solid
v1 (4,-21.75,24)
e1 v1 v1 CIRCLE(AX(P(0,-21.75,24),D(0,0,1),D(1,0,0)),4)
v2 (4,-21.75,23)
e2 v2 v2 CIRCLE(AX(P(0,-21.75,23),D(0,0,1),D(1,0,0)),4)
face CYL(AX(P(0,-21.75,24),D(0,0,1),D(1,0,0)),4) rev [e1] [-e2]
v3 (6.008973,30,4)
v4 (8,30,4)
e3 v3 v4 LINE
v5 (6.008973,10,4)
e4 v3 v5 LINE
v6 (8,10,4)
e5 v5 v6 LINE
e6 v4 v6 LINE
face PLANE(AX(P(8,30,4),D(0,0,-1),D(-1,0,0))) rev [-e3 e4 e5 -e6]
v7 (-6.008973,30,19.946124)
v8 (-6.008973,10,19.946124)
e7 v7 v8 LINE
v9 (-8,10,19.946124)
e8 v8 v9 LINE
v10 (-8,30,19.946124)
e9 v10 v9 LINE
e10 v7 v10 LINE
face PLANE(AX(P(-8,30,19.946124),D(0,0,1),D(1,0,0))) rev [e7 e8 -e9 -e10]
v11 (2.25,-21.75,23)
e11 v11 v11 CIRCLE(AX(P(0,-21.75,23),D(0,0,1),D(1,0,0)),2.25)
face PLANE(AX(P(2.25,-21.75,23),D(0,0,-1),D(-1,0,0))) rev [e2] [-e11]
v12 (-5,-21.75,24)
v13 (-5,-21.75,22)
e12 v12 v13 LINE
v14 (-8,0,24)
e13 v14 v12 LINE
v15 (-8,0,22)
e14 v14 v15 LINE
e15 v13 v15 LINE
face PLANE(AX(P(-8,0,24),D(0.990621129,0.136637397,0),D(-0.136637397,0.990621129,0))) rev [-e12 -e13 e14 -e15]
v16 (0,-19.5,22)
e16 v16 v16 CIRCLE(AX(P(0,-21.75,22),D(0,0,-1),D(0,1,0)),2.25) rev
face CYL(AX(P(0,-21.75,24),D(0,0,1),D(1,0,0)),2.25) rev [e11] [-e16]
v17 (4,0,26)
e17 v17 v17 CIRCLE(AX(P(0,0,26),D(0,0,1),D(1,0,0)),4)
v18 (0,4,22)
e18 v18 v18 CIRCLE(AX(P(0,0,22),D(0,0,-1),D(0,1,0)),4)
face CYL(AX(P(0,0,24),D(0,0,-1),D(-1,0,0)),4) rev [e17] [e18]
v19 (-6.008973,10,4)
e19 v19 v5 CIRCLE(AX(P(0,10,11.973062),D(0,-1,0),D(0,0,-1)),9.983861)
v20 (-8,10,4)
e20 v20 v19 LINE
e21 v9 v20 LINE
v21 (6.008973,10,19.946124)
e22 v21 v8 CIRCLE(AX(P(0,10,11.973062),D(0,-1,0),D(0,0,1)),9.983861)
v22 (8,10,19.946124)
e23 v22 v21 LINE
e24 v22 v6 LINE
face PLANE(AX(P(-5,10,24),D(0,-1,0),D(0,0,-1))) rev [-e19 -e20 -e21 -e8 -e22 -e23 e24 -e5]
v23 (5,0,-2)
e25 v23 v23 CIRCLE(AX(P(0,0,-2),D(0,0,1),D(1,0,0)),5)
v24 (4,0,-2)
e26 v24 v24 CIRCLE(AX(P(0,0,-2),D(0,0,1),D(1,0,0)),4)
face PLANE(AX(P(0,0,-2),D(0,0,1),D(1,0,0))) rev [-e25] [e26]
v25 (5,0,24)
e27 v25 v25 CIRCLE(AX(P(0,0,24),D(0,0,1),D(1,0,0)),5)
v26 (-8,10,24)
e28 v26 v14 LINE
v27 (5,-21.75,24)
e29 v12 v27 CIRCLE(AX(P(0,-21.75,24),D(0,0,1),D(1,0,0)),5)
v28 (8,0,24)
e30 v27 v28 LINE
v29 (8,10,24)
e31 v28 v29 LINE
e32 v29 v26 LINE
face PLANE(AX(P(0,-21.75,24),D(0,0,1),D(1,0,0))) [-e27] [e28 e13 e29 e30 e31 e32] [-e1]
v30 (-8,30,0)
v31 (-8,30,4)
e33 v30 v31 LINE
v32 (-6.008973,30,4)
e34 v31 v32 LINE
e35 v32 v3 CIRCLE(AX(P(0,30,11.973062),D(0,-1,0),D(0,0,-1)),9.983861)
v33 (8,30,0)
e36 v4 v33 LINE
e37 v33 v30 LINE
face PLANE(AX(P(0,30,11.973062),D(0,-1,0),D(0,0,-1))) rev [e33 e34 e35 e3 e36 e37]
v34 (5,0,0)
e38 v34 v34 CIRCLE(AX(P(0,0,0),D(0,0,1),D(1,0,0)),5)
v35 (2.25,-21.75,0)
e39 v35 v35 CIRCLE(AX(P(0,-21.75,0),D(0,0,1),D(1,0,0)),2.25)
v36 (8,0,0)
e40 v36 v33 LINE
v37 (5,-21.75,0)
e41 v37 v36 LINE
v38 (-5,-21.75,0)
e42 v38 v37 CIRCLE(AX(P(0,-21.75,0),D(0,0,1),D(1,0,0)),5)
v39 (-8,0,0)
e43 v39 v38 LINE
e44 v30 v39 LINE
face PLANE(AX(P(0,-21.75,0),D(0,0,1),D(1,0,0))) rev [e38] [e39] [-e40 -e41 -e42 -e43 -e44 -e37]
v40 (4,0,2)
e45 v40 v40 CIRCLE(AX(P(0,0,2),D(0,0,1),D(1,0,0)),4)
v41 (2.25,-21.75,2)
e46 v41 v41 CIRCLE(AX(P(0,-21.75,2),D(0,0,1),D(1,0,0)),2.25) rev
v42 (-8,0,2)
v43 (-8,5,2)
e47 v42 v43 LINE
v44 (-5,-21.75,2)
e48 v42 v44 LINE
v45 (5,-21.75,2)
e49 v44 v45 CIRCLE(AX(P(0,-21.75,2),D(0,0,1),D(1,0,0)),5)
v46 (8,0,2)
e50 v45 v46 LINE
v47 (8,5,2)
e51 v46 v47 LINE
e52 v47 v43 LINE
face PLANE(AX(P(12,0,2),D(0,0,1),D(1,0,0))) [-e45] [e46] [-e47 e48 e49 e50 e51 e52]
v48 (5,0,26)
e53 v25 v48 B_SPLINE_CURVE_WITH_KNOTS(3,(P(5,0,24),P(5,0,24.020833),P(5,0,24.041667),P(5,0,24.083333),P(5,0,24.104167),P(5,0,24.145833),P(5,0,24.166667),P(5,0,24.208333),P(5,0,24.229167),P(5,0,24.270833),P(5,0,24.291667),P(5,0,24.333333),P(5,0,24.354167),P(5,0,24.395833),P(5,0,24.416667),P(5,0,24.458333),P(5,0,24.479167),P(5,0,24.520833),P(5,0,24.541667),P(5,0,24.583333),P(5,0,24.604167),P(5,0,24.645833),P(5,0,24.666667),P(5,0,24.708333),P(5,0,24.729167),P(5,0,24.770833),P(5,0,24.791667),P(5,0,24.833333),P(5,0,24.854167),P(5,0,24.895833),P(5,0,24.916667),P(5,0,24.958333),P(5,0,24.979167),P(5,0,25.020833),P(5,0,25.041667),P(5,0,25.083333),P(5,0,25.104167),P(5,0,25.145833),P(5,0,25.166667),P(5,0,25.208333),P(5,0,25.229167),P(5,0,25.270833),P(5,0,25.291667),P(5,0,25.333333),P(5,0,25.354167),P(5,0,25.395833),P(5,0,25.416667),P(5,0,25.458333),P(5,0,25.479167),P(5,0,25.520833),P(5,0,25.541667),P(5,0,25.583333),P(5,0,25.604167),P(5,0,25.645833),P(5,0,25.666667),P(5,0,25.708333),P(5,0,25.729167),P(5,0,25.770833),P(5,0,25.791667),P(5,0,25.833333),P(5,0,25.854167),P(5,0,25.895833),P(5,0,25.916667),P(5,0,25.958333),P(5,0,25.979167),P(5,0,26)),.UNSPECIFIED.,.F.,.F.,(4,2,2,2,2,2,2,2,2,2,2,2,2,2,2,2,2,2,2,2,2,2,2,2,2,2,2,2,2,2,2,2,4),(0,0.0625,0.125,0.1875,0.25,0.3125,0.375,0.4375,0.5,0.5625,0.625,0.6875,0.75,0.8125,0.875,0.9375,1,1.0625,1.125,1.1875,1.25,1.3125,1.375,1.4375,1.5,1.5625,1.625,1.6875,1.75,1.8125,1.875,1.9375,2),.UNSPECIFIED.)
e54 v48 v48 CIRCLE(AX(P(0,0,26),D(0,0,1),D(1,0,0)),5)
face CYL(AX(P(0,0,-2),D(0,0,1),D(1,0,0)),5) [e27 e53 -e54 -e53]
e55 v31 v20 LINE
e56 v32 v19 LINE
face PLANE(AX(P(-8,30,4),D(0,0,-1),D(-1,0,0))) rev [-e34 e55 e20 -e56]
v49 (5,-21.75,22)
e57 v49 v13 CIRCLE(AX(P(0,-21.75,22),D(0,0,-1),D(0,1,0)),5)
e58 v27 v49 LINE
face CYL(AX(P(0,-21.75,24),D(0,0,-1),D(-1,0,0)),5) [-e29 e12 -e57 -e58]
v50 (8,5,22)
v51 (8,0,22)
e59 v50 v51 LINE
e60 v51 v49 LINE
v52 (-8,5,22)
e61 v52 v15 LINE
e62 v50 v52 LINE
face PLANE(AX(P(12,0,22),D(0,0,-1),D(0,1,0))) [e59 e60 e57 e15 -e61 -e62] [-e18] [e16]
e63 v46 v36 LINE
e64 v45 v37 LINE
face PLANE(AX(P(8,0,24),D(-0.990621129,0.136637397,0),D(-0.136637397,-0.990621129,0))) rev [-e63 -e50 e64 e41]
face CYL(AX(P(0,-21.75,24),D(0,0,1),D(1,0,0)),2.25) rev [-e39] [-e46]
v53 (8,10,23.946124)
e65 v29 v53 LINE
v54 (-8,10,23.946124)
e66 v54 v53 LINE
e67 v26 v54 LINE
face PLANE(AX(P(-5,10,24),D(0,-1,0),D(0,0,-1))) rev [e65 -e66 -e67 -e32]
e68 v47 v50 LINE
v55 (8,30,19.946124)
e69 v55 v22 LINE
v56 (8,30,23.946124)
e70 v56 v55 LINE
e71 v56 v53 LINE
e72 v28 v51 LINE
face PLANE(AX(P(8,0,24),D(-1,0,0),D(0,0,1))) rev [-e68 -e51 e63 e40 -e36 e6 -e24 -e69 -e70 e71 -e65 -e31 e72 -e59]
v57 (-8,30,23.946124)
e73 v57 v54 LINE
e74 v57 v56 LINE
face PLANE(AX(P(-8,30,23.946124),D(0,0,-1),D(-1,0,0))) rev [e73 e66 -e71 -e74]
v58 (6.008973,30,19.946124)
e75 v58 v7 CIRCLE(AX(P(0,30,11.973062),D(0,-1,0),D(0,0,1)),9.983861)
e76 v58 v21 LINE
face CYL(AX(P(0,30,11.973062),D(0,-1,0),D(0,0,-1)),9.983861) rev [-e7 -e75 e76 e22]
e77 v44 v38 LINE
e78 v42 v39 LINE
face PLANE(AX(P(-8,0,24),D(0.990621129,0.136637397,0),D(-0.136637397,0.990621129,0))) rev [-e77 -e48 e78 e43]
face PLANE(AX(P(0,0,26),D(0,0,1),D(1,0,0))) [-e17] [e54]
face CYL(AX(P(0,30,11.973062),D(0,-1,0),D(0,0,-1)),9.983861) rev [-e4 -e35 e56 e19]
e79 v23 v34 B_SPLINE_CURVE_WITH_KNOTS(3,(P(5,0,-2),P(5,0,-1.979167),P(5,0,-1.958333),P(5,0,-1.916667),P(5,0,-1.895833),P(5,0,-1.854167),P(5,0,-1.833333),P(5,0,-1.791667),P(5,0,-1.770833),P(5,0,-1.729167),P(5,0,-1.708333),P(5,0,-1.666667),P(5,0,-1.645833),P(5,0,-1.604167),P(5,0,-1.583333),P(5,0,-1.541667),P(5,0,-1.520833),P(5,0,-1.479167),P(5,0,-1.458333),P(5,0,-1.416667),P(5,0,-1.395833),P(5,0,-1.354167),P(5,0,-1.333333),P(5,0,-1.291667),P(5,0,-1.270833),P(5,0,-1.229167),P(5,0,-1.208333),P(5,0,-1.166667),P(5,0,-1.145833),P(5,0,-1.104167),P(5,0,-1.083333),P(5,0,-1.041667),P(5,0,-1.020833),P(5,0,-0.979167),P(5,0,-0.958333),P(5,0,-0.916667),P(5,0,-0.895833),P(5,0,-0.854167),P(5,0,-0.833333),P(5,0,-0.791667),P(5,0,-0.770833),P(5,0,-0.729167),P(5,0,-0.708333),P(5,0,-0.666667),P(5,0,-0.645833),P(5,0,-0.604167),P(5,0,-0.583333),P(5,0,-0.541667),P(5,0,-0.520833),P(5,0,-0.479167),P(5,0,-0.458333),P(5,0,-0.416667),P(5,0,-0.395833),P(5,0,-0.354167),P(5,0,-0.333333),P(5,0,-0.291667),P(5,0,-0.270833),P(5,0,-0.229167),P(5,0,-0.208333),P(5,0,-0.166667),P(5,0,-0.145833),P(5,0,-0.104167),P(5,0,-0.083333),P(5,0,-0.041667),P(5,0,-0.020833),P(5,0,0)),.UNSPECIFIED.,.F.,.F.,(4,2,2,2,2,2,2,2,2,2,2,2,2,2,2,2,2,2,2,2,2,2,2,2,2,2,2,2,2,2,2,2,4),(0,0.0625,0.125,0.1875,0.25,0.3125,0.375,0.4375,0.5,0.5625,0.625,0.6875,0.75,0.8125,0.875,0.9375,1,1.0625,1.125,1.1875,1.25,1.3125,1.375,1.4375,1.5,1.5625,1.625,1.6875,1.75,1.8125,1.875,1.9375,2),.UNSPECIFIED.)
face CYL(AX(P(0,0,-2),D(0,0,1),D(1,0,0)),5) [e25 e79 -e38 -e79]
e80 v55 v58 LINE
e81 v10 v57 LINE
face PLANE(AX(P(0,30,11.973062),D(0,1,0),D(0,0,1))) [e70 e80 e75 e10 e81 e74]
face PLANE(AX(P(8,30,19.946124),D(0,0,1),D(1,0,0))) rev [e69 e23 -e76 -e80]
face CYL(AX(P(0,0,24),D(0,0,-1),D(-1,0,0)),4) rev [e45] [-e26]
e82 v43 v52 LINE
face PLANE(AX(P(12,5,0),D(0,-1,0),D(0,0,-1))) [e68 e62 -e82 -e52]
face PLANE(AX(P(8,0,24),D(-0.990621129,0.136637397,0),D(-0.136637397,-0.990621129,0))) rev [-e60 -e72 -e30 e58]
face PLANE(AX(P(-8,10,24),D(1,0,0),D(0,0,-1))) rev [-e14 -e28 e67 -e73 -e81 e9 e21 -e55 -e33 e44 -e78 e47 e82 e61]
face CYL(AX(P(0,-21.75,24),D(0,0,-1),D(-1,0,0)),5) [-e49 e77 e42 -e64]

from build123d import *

# Parameters (mm, degrees)
SKETCH_4_R                   = 4
EXTRUDE_1_DEPTH              = 24
HOLE_WIZARD_M4_1_D           = 4.5
HOLE_WIZARD_M4_1_CBORE_D     = 8
HOLE_WIZARD_M4_1_CBORE_DEPTH = 1
EXTRUDE_2_DEPTH              = 2
EXTRUDE_2_DEPTH_BACK         = 26
SKETCH_7_R                   = 5
SKETCH_7_R_2                 = 4
EXTRUDE_3_DEPTH              = 20
CUT_EXTRUDE_1_DEPTH          = 20


with BuildPart() as part:
    # 草图4 → 凸台-拉伸1 (new body)
    with BuildSketch(Plane.XY):
        with BuildLine():
            Line((-8, 0), (-5, -21.75))
            ThreePointArc((-5, -21.75), (0, -26.75), (5, -21.75))
            Line((5, -21.75), (8, 0))
            Line((8, 0), (8, 10))
            Line((8, 10), (5, 10))
            Line((5, 10), (-5, 10))
            Line((-5, 10), (-8, 10))
            Line((-8, 10), (-8, 0))
        make_face()
        Circle(SKETCH_4_R, mode=Mode.SUBTRACT)
    extrude(amount=EXTRUDE_1_DEPTH)

    # M4 六角凹头盖的柱孔1 (through all)
    with Locations(Plane(origin=(0, -21.75, 24), x_dir=(1, 0, 0), z_dir=(0, 0, 1))):
        with Locations((0, 0)):
            CounterBoreHole(HOLE_WIZARD_M4_1_D / 2, HOLE_WIZARD_M4_1_CBORE_D / 2, HOLE_WIZARD_M4_1_CBORE_DEPTH)

    # 草图7 → 凸台-拉伸2 (add, two sides: drawn at the far end of the back side and taken through both)
    with BuildSketch(Plane.XY.offset(24).offset(-EXTRUDE_2_DEPTH_BACK)):
        Circle(SKETCH_7_R)
        Circle(SKETCH_7_R_2, mode=Mode.SUBTRACT)
    extrude(amount=EXTRUDE_2_DEPTH + EXTRUDE_2_DEPTH_BACK)

    # 草图8 → 凸台-拉伸3 (add)
    with BuildSketch(Plane(origin=(0, 10, 0), x_dir=(1, 0, 0), z_dir=(0, 1, 0))):
        with BuildLine():
            Line((-8, 0), (8, 0))
            Line((8, 0), (8, -4))
            Line((8, -4), (6.008972597, -4))
            ThreePointArc((6.008972597, -4), (0, -1.989201574), (-6.008972597, -4))
            Line((-6.008972597, -4), (-8, -4))
            Line((-8, -4), (-8, 0))
        make_face()
        with BuildLine():
            Line((8, -23.946124164), (8, -19.946124164))
            Line((8, -19.946124164), (6.008972597, -19.946124164))
            ThreePointArc((6.008972597, -19.946124164), (0, -21.956922589), (-6.008972597, -19.946124164))
            Line((-6.008972597, -19.946124164), (-8, -19.946124164))
            Line((-8, -19.946124164), (-8, -23.946124164))
            Line((-8, -23.946124164), (8, -23.946124164))
        make_face()
    extrude(amount=EXTRUDE_3_DEPTH)

    # 草图9 → 切除-拉伸1 (cut)
    with BuildSketch(Plane.ZY.offset(8)):
        Polygon((2, -27), (2, 0), (2, 5), (22, 5), (22, -27), align=None)
    extrude(amount=-CUT_EXTRUDE_1_DEPTH, mode=Mode.SUBTRACT)


solid = part.part
